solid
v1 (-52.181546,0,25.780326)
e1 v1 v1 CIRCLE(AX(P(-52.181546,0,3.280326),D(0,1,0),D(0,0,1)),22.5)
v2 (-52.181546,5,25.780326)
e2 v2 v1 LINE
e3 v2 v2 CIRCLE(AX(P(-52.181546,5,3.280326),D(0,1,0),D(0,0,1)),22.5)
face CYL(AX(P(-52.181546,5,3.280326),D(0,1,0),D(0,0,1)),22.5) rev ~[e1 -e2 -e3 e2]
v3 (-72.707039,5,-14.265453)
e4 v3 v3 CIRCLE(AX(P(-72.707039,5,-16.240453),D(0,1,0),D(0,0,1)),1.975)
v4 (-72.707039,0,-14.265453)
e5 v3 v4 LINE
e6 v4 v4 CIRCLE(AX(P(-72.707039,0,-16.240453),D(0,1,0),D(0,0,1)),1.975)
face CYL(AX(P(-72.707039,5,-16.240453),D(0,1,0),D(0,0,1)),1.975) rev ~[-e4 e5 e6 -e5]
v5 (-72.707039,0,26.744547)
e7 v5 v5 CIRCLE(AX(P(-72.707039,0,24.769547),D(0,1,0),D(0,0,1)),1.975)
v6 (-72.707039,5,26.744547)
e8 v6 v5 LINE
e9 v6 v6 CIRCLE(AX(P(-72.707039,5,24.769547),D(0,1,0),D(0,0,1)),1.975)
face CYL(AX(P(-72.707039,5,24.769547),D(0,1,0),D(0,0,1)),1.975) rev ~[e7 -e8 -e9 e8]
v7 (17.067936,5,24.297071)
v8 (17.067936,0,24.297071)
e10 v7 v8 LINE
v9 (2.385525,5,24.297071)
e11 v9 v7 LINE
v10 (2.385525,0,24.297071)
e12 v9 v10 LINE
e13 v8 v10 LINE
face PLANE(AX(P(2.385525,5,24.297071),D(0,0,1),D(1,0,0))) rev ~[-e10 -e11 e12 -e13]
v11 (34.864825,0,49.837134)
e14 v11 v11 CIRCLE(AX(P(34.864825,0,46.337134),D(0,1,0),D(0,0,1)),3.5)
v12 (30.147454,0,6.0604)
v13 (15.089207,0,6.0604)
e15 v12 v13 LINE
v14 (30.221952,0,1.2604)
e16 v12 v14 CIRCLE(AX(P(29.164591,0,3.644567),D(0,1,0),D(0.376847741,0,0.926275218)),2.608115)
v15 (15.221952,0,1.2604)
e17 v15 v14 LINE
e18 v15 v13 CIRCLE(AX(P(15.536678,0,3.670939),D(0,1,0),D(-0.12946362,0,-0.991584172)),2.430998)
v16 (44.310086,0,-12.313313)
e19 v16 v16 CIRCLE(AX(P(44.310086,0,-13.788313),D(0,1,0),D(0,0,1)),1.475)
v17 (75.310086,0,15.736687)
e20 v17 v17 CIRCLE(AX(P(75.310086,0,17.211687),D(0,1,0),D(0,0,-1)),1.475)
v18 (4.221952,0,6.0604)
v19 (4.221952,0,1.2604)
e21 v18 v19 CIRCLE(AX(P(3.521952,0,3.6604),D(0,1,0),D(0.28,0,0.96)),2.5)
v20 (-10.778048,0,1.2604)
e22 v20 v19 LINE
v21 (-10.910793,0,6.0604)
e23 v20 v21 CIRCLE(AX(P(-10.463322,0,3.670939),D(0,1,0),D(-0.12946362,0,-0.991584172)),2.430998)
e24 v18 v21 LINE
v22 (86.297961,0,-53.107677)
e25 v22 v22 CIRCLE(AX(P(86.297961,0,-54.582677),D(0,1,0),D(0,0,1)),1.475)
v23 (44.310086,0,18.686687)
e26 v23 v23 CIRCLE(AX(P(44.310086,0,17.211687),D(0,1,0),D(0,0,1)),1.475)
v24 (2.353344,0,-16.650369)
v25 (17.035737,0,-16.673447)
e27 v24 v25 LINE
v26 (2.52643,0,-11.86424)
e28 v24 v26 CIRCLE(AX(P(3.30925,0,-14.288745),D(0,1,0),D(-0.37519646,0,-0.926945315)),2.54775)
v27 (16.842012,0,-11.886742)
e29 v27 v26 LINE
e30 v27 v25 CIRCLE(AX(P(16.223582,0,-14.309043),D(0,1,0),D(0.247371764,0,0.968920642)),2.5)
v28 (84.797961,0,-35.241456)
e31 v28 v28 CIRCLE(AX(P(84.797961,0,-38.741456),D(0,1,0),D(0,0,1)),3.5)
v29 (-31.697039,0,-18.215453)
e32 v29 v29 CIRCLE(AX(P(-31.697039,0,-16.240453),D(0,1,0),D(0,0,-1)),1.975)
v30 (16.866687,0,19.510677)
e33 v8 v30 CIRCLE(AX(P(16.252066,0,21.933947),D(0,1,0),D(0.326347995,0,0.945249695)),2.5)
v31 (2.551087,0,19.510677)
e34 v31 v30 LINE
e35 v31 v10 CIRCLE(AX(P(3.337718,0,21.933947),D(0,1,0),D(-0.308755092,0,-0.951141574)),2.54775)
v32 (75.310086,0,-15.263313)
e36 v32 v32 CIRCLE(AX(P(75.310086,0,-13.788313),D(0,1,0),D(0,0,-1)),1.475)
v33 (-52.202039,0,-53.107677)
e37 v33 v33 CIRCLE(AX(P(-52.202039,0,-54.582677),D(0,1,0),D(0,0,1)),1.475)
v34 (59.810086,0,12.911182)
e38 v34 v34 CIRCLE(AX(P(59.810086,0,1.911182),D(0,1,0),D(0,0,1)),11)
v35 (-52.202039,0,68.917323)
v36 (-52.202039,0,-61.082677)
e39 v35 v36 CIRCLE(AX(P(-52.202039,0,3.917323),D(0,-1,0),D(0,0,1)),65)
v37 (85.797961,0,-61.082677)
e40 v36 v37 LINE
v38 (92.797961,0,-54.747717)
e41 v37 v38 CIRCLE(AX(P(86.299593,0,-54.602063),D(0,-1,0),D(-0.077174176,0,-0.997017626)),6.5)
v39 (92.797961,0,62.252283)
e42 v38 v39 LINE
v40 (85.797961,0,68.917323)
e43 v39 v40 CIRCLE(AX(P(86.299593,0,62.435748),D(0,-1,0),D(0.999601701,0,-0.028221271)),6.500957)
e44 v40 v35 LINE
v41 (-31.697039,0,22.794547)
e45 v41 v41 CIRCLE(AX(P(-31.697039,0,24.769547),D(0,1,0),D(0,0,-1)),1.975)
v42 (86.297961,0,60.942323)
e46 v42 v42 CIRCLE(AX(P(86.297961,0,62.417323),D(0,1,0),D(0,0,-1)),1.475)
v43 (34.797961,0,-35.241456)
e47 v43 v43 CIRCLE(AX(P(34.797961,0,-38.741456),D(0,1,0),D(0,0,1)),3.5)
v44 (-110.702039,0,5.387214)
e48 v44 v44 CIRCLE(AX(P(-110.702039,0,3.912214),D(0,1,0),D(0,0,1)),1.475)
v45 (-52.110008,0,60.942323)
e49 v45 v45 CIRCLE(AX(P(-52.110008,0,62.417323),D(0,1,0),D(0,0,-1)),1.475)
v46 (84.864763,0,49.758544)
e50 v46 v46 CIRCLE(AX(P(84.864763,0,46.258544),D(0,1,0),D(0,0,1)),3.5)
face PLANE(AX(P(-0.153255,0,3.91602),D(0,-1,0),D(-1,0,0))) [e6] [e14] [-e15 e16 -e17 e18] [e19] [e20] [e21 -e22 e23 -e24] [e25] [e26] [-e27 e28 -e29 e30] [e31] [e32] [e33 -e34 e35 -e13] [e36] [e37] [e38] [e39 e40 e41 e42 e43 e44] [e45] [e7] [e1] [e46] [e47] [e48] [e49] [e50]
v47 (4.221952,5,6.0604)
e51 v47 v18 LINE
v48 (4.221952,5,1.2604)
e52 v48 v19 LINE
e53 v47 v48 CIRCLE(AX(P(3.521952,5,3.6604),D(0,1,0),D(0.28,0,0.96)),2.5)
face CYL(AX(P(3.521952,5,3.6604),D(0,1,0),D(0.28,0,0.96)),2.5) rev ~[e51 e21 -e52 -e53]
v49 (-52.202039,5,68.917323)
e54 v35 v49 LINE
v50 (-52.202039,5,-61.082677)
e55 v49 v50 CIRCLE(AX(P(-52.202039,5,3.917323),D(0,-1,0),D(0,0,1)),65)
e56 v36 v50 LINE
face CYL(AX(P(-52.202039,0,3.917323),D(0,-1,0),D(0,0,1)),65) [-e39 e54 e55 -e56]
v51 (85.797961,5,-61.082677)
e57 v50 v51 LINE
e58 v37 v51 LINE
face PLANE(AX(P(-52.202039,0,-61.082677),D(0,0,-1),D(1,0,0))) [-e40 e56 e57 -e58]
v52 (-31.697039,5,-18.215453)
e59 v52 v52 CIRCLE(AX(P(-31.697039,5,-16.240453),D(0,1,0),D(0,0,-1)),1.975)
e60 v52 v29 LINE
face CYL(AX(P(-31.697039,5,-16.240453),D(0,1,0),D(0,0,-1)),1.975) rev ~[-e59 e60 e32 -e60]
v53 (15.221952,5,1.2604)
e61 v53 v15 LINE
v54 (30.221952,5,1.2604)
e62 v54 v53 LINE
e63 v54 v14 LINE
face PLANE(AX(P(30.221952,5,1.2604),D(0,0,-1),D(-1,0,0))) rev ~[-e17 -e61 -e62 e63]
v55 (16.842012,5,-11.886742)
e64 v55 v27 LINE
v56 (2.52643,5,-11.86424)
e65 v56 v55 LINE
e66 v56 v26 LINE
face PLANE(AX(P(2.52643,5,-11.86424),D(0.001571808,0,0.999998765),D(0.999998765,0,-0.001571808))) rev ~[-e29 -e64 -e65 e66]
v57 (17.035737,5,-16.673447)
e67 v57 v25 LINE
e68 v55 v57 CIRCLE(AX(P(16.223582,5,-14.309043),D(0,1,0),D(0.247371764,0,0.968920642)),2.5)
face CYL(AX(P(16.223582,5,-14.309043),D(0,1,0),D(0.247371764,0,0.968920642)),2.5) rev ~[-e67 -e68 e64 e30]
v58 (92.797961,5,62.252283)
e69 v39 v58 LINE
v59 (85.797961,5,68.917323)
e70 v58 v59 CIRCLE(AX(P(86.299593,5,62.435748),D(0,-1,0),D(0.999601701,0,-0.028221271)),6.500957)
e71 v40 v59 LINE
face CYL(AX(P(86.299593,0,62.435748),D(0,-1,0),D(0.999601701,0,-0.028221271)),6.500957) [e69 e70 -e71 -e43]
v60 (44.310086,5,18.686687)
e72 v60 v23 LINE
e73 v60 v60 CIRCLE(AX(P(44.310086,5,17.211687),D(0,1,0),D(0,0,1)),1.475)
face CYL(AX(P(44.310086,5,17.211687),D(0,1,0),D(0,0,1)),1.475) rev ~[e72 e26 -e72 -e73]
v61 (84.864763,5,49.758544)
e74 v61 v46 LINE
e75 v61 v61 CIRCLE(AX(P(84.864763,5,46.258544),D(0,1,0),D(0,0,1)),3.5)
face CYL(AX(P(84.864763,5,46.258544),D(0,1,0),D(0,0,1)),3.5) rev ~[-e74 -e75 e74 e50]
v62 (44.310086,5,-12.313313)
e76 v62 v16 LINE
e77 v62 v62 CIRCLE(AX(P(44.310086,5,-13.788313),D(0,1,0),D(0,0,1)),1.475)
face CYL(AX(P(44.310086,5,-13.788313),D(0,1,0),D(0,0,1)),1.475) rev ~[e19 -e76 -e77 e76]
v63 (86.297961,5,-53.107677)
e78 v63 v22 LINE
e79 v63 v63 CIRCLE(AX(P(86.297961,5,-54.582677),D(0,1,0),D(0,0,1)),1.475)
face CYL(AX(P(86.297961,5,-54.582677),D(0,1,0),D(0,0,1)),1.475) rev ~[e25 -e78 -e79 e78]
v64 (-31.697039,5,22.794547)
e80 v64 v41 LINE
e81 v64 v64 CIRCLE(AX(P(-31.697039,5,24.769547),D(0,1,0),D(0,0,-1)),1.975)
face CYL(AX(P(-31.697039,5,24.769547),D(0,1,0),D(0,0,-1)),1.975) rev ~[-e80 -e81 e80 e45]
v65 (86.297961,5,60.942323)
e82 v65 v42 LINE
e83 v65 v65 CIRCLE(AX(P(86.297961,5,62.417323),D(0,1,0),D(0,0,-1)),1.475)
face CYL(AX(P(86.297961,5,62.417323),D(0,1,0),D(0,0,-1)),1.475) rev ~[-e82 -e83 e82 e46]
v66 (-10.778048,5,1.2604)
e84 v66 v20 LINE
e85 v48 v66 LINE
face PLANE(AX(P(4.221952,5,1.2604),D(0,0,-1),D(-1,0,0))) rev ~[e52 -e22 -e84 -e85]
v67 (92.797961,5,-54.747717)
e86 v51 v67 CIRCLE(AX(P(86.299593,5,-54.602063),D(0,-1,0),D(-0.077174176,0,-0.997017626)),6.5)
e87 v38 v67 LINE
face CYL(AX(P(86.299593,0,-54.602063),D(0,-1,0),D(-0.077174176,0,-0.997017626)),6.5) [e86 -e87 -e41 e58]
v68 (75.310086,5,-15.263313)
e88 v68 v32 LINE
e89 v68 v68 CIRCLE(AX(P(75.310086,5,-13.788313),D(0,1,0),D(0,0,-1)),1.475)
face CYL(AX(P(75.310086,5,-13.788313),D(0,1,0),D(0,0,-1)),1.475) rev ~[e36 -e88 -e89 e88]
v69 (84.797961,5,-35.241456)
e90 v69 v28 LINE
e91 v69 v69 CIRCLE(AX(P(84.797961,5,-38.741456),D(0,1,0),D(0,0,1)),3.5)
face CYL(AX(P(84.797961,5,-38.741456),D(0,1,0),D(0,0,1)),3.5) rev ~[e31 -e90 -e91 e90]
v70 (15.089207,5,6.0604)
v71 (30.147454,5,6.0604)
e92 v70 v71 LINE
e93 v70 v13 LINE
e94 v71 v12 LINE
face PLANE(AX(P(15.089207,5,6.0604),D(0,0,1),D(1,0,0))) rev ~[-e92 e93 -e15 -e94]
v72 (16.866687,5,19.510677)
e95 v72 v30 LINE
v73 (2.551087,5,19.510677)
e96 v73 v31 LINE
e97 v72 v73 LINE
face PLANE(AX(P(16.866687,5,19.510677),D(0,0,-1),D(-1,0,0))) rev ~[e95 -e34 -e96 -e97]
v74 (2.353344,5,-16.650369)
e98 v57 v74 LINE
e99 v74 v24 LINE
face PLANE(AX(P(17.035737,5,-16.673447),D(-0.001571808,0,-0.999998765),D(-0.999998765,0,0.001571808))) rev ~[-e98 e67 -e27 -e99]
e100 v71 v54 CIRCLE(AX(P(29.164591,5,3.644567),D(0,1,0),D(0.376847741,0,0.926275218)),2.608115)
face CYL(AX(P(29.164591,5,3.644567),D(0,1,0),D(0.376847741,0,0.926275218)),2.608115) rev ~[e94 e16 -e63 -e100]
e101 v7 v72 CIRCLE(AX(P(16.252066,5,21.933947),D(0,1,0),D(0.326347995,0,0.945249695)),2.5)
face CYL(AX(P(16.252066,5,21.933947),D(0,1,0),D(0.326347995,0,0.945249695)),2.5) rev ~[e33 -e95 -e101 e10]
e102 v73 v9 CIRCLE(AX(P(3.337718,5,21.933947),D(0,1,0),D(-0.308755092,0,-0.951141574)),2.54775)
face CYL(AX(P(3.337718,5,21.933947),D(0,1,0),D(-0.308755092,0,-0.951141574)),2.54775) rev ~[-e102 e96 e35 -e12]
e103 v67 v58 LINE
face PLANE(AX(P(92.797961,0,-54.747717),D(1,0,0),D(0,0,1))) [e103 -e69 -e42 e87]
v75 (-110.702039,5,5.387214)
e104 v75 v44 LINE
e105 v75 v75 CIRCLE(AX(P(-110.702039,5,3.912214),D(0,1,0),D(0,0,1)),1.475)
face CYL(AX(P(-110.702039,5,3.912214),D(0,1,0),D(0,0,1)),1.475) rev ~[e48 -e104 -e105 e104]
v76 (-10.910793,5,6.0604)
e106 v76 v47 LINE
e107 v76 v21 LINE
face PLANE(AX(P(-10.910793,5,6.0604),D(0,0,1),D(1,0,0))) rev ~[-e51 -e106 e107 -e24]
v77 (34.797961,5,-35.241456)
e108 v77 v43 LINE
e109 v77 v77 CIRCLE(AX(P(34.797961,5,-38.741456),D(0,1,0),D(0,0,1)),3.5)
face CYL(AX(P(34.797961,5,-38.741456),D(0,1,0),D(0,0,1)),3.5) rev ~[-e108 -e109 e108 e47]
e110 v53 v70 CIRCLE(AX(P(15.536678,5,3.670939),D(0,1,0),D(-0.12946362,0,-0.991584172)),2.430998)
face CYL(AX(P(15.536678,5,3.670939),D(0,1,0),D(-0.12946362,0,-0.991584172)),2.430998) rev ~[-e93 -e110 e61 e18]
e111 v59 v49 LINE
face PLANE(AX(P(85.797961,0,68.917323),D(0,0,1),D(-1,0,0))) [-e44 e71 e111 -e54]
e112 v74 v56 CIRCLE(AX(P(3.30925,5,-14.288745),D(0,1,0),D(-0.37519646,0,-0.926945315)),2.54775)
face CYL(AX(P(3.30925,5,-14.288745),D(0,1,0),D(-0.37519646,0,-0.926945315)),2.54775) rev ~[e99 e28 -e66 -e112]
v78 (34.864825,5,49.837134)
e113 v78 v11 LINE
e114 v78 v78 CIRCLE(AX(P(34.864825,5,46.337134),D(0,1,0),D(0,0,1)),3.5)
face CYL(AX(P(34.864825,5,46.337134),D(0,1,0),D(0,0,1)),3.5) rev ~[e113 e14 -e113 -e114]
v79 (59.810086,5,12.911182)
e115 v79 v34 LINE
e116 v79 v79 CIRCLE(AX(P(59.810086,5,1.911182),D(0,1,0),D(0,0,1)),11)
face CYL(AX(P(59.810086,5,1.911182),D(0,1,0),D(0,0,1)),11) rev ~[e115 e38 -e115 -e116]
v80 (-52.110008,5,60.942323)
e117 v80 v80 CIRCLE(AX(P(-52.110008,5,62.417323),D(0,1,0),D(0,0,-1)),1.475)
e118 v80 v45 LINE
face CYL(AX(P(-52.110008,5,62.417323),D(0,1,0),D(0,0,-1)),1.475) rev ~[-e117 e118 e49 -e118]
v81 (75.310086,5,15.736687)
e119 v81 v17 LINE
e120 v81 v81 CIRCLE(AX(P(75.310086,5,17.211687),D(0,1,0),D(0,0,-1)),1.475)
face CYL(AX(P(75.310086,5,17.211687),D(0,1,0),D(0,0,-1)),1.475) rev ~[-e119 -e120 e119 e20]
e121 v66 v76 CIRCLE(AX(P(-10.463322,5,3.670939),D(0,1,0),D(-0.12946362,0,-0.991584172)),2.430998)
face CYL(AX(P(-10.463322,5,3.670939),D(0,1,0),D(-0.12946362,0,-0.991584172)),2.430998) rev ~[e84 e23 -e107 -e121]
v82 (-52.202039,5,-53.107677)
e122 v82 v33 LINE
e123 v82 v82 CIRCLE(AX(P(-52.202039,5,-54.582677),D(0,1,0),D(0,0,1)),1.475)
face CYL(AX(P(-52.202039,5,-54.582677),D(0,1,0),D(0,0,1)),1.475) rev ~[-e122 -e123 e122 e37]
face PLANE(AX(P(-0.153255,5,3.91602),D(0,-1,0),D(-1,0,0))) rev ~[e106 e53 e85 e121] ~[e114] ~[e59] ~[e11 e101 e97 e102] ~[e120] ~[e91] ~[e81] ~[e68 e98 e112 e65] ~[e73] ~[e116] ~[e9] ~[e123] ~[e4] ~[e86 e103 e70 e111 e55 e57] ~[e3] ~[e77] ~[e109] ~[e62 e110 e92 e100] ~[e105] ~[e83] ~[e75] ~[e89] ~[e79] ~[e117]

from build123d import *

# Parameters (mm, degrees)
BOSS_EXTRUDE1_DEPTH = 5
SKETCH3_R           = 1.475
CUT_EXTRUDE1_DEPTH  = 137.064643721
SKETCH4_R           = 22.5
SKETCH4_R_2         = 11
SKETCH4_R_3         = 1.975
SKETCH4_R_4         = 1.475
SKETCH4_R_5         = 3.5
CUT_EXTRUDE2_DEPTH  = 137.064643721


with BuildPart() as part:
    # Sketch2 → Boss-Extrude1 (new body)
    with BuildSketch(Plane(origin=(0, 0, 0), x_dir=(1, 0, 0), z_dir=(0, 1, 0))):
        with BuildLine():
            Line((-52.202038886, 61.082677165), (85.797961114, 61.082677165))
            ThreePointArc((85.797961114, 61.082677165), (90.6611457, 59.421487905), (92.797961114, 54.747717054))
            Line((92.797961114, 54.747717054), (92.797961114, -62.252282946))
            ThreePointArc((92.797961114, -62.252282946), (90.782438223, -67.143884297), (85.797961114, -68.917322835))
            Line((85.797961114, -68.917322835), (-52.202038886, -68.917322835))
            ThreePointArc((-52.202038886, -68.917322835), (-117.202038886, -3.917322835), (-52.202038886, 61.082677165))
        make_face()
    extrude(amount=BOSS_EXTRUDE1_DEPTH)

    # Sketch3 → Cut-Extrude1 (cut, through all)
    with BuildSketch(Plane(origin=(0, 5, 0), x_dir=(1, 0, 0), z_dir=(0, 1, 0))):
        with Locations(Location((86.297961114, 54.582677165, 0), (0, 0, 270))):
            Circle(SKETCH3_R)
        with Locations(Location((-52.202038886, 54.582677165, 0), (0, 0, 270))):
            Circle(SKETCH3_R)
        with Locations(Location((-110.702038886, -3.912214457, 0), (0, 0, 270))):
            Circle(SKETCH3_R)
        with Locations(Location((86.297961114, -62.417322835, 0), (0, 0, 90))):
            Circle(SKETCH3_R)
        with Locations(Location((-52.11000774, -62.417322835, 0), (0, 0, 90))):
            Circle(SKETCH3_R)
    extrude(amount=-CUT_EXTRUDE1_DEPTH, mode=Mode.SUBTRACT)

    # Sketch4 → Cut-Extrude2 (cut, through all)
    with BuildSketch(Plane(origin=(0, 5, 0), x_dir=(1, 0, 0), z_dir=(0, 1, 0))):
        with BuildLine():
            Line((17.035736777, 16.673447137), (2.353343762, 16.650369213))
            ThreePointArc((2.353343762, 16.650369213), (0.763165117, 14.196667771), (2.526429623, 11.864240457))
            Line((2.526429623, 11.864240457), (16.842011582, 11.886741824))
            ThreePointArc((16.842011582, 11.886741824), (18.721537255, 14.207947413), (17.035736777, 16.673447137))
        make_face()
        with BuildLine():
            Line((4.221952, -1.260399725), (-10.778048, -1.260399725))
            ThreePointArc((-10.778048, -1.260399725), (-12.893391284, -3.603735064), (-10.910792873, -6.060399725))
            Line((-10.910792873, -6.060399725), (4.221952, -6.060399725))
            ThreePointArc((4.221952, -6.060399725), (6.021952, -3.660399725), (4.221952, -1.260399725))
        make_face()
        with BuildLine():
            Line((30.221952, -1.260399725), (15.221952, -1.260399725))
            ThreePointArc((15.221952, -1.260399725), (13.106608716, -3.603735064), (15.089207127, -6.060399725))
            Line((15.089207127, -6.060399725), (30.147453765, -6.060399725))
            ThreePointArc((30.147453765, -6.060399725), (31.77239266, -3.68504141), (30.221952, -1.260399725))
        make_face()
        with BuildLine():
            Line((16.866686946, -19.510676527), (2.551087303, -19.510676527))
            ThreePointArc((2.551087303, -19.510676527), (0.791491102, -21.845872472), (2.385524529, -24.297071429))
            Line((2.385524529, -24.297071429), (17.06793568, -24.297071429))
            ThreePointArc((17.06793568, -24.297071429), (18.749858786, -21.828924997), (16.866686946, -19.510676527))
        make_face()
        with Locations(Location((-52.181545547, -3.280325568, 0), (0, 0, 270))):
            Circle(SKETCH4_R)
        with Locations(Location((59.810085593, -1.911181789, 0), (0, 0, 270))):
            Circle(SKETCH4_R_2)
        with Locations(Location((-72.707038886, 16.240452632, 0), (0, 0, 270))):
            Circle(SKETCH4_R_3)
        with Locations(Location((-72.707038886, -24.769547368, 0), (0, 0, 270))):
            Circle(SKETCH4_R_3)
        with Locations(Location((-31.697038886, -24.769547368, 0), (0, 0, 90))):
            Circle(SKETCH4_R_3)
        with Locations(Location((-31.697038886, 16.240452632, 0), (0, 0, 90))):
            Circle(SKETCH4_R_3)
        with Locations(Location((44.310085593, 13.788312606, 0), (0, 0, 270))):
            Circle(SKETCH4_R_4)
        with Locations(Location((44.310085593, -17.211687394, 0), (0, 0, 270))):
            Circle(SKETCH4_R_4)
        with Locations(Location((75.310085593, -17.211687394, 0), (0, 0, 90))):
            Circle(SKETCH4_R_4)
        with Locations(Location((75.310085593, 13.788312606, 0), (0, 0, 90))):
            Circle(SKETCH4_R_4)
        with Locations(Location((84.797961114, 38.74145607, 0), (0, 0, 270))):
            Circle(SKETCH4_R_5)
        with Locations(Location((34.797961114, 38.74145607, 0), (0, 0, 270))):
            Circle(SKETCH4_R_5)
        with Locations(Location((84.864762974, -46.25854393, 0), (0, 0, 270))):
            Circle(SKETCH4_R_5)
        with Locations(Location((34.864824738, -46.337134304, 0), (0, 0, 270))):
            Circle(SKETCH4_R_5)
    extrude(amount=-CUT_EXTRUDE2_DEPTH, mode=Mode.SUBTRACT)


solid = part.part
